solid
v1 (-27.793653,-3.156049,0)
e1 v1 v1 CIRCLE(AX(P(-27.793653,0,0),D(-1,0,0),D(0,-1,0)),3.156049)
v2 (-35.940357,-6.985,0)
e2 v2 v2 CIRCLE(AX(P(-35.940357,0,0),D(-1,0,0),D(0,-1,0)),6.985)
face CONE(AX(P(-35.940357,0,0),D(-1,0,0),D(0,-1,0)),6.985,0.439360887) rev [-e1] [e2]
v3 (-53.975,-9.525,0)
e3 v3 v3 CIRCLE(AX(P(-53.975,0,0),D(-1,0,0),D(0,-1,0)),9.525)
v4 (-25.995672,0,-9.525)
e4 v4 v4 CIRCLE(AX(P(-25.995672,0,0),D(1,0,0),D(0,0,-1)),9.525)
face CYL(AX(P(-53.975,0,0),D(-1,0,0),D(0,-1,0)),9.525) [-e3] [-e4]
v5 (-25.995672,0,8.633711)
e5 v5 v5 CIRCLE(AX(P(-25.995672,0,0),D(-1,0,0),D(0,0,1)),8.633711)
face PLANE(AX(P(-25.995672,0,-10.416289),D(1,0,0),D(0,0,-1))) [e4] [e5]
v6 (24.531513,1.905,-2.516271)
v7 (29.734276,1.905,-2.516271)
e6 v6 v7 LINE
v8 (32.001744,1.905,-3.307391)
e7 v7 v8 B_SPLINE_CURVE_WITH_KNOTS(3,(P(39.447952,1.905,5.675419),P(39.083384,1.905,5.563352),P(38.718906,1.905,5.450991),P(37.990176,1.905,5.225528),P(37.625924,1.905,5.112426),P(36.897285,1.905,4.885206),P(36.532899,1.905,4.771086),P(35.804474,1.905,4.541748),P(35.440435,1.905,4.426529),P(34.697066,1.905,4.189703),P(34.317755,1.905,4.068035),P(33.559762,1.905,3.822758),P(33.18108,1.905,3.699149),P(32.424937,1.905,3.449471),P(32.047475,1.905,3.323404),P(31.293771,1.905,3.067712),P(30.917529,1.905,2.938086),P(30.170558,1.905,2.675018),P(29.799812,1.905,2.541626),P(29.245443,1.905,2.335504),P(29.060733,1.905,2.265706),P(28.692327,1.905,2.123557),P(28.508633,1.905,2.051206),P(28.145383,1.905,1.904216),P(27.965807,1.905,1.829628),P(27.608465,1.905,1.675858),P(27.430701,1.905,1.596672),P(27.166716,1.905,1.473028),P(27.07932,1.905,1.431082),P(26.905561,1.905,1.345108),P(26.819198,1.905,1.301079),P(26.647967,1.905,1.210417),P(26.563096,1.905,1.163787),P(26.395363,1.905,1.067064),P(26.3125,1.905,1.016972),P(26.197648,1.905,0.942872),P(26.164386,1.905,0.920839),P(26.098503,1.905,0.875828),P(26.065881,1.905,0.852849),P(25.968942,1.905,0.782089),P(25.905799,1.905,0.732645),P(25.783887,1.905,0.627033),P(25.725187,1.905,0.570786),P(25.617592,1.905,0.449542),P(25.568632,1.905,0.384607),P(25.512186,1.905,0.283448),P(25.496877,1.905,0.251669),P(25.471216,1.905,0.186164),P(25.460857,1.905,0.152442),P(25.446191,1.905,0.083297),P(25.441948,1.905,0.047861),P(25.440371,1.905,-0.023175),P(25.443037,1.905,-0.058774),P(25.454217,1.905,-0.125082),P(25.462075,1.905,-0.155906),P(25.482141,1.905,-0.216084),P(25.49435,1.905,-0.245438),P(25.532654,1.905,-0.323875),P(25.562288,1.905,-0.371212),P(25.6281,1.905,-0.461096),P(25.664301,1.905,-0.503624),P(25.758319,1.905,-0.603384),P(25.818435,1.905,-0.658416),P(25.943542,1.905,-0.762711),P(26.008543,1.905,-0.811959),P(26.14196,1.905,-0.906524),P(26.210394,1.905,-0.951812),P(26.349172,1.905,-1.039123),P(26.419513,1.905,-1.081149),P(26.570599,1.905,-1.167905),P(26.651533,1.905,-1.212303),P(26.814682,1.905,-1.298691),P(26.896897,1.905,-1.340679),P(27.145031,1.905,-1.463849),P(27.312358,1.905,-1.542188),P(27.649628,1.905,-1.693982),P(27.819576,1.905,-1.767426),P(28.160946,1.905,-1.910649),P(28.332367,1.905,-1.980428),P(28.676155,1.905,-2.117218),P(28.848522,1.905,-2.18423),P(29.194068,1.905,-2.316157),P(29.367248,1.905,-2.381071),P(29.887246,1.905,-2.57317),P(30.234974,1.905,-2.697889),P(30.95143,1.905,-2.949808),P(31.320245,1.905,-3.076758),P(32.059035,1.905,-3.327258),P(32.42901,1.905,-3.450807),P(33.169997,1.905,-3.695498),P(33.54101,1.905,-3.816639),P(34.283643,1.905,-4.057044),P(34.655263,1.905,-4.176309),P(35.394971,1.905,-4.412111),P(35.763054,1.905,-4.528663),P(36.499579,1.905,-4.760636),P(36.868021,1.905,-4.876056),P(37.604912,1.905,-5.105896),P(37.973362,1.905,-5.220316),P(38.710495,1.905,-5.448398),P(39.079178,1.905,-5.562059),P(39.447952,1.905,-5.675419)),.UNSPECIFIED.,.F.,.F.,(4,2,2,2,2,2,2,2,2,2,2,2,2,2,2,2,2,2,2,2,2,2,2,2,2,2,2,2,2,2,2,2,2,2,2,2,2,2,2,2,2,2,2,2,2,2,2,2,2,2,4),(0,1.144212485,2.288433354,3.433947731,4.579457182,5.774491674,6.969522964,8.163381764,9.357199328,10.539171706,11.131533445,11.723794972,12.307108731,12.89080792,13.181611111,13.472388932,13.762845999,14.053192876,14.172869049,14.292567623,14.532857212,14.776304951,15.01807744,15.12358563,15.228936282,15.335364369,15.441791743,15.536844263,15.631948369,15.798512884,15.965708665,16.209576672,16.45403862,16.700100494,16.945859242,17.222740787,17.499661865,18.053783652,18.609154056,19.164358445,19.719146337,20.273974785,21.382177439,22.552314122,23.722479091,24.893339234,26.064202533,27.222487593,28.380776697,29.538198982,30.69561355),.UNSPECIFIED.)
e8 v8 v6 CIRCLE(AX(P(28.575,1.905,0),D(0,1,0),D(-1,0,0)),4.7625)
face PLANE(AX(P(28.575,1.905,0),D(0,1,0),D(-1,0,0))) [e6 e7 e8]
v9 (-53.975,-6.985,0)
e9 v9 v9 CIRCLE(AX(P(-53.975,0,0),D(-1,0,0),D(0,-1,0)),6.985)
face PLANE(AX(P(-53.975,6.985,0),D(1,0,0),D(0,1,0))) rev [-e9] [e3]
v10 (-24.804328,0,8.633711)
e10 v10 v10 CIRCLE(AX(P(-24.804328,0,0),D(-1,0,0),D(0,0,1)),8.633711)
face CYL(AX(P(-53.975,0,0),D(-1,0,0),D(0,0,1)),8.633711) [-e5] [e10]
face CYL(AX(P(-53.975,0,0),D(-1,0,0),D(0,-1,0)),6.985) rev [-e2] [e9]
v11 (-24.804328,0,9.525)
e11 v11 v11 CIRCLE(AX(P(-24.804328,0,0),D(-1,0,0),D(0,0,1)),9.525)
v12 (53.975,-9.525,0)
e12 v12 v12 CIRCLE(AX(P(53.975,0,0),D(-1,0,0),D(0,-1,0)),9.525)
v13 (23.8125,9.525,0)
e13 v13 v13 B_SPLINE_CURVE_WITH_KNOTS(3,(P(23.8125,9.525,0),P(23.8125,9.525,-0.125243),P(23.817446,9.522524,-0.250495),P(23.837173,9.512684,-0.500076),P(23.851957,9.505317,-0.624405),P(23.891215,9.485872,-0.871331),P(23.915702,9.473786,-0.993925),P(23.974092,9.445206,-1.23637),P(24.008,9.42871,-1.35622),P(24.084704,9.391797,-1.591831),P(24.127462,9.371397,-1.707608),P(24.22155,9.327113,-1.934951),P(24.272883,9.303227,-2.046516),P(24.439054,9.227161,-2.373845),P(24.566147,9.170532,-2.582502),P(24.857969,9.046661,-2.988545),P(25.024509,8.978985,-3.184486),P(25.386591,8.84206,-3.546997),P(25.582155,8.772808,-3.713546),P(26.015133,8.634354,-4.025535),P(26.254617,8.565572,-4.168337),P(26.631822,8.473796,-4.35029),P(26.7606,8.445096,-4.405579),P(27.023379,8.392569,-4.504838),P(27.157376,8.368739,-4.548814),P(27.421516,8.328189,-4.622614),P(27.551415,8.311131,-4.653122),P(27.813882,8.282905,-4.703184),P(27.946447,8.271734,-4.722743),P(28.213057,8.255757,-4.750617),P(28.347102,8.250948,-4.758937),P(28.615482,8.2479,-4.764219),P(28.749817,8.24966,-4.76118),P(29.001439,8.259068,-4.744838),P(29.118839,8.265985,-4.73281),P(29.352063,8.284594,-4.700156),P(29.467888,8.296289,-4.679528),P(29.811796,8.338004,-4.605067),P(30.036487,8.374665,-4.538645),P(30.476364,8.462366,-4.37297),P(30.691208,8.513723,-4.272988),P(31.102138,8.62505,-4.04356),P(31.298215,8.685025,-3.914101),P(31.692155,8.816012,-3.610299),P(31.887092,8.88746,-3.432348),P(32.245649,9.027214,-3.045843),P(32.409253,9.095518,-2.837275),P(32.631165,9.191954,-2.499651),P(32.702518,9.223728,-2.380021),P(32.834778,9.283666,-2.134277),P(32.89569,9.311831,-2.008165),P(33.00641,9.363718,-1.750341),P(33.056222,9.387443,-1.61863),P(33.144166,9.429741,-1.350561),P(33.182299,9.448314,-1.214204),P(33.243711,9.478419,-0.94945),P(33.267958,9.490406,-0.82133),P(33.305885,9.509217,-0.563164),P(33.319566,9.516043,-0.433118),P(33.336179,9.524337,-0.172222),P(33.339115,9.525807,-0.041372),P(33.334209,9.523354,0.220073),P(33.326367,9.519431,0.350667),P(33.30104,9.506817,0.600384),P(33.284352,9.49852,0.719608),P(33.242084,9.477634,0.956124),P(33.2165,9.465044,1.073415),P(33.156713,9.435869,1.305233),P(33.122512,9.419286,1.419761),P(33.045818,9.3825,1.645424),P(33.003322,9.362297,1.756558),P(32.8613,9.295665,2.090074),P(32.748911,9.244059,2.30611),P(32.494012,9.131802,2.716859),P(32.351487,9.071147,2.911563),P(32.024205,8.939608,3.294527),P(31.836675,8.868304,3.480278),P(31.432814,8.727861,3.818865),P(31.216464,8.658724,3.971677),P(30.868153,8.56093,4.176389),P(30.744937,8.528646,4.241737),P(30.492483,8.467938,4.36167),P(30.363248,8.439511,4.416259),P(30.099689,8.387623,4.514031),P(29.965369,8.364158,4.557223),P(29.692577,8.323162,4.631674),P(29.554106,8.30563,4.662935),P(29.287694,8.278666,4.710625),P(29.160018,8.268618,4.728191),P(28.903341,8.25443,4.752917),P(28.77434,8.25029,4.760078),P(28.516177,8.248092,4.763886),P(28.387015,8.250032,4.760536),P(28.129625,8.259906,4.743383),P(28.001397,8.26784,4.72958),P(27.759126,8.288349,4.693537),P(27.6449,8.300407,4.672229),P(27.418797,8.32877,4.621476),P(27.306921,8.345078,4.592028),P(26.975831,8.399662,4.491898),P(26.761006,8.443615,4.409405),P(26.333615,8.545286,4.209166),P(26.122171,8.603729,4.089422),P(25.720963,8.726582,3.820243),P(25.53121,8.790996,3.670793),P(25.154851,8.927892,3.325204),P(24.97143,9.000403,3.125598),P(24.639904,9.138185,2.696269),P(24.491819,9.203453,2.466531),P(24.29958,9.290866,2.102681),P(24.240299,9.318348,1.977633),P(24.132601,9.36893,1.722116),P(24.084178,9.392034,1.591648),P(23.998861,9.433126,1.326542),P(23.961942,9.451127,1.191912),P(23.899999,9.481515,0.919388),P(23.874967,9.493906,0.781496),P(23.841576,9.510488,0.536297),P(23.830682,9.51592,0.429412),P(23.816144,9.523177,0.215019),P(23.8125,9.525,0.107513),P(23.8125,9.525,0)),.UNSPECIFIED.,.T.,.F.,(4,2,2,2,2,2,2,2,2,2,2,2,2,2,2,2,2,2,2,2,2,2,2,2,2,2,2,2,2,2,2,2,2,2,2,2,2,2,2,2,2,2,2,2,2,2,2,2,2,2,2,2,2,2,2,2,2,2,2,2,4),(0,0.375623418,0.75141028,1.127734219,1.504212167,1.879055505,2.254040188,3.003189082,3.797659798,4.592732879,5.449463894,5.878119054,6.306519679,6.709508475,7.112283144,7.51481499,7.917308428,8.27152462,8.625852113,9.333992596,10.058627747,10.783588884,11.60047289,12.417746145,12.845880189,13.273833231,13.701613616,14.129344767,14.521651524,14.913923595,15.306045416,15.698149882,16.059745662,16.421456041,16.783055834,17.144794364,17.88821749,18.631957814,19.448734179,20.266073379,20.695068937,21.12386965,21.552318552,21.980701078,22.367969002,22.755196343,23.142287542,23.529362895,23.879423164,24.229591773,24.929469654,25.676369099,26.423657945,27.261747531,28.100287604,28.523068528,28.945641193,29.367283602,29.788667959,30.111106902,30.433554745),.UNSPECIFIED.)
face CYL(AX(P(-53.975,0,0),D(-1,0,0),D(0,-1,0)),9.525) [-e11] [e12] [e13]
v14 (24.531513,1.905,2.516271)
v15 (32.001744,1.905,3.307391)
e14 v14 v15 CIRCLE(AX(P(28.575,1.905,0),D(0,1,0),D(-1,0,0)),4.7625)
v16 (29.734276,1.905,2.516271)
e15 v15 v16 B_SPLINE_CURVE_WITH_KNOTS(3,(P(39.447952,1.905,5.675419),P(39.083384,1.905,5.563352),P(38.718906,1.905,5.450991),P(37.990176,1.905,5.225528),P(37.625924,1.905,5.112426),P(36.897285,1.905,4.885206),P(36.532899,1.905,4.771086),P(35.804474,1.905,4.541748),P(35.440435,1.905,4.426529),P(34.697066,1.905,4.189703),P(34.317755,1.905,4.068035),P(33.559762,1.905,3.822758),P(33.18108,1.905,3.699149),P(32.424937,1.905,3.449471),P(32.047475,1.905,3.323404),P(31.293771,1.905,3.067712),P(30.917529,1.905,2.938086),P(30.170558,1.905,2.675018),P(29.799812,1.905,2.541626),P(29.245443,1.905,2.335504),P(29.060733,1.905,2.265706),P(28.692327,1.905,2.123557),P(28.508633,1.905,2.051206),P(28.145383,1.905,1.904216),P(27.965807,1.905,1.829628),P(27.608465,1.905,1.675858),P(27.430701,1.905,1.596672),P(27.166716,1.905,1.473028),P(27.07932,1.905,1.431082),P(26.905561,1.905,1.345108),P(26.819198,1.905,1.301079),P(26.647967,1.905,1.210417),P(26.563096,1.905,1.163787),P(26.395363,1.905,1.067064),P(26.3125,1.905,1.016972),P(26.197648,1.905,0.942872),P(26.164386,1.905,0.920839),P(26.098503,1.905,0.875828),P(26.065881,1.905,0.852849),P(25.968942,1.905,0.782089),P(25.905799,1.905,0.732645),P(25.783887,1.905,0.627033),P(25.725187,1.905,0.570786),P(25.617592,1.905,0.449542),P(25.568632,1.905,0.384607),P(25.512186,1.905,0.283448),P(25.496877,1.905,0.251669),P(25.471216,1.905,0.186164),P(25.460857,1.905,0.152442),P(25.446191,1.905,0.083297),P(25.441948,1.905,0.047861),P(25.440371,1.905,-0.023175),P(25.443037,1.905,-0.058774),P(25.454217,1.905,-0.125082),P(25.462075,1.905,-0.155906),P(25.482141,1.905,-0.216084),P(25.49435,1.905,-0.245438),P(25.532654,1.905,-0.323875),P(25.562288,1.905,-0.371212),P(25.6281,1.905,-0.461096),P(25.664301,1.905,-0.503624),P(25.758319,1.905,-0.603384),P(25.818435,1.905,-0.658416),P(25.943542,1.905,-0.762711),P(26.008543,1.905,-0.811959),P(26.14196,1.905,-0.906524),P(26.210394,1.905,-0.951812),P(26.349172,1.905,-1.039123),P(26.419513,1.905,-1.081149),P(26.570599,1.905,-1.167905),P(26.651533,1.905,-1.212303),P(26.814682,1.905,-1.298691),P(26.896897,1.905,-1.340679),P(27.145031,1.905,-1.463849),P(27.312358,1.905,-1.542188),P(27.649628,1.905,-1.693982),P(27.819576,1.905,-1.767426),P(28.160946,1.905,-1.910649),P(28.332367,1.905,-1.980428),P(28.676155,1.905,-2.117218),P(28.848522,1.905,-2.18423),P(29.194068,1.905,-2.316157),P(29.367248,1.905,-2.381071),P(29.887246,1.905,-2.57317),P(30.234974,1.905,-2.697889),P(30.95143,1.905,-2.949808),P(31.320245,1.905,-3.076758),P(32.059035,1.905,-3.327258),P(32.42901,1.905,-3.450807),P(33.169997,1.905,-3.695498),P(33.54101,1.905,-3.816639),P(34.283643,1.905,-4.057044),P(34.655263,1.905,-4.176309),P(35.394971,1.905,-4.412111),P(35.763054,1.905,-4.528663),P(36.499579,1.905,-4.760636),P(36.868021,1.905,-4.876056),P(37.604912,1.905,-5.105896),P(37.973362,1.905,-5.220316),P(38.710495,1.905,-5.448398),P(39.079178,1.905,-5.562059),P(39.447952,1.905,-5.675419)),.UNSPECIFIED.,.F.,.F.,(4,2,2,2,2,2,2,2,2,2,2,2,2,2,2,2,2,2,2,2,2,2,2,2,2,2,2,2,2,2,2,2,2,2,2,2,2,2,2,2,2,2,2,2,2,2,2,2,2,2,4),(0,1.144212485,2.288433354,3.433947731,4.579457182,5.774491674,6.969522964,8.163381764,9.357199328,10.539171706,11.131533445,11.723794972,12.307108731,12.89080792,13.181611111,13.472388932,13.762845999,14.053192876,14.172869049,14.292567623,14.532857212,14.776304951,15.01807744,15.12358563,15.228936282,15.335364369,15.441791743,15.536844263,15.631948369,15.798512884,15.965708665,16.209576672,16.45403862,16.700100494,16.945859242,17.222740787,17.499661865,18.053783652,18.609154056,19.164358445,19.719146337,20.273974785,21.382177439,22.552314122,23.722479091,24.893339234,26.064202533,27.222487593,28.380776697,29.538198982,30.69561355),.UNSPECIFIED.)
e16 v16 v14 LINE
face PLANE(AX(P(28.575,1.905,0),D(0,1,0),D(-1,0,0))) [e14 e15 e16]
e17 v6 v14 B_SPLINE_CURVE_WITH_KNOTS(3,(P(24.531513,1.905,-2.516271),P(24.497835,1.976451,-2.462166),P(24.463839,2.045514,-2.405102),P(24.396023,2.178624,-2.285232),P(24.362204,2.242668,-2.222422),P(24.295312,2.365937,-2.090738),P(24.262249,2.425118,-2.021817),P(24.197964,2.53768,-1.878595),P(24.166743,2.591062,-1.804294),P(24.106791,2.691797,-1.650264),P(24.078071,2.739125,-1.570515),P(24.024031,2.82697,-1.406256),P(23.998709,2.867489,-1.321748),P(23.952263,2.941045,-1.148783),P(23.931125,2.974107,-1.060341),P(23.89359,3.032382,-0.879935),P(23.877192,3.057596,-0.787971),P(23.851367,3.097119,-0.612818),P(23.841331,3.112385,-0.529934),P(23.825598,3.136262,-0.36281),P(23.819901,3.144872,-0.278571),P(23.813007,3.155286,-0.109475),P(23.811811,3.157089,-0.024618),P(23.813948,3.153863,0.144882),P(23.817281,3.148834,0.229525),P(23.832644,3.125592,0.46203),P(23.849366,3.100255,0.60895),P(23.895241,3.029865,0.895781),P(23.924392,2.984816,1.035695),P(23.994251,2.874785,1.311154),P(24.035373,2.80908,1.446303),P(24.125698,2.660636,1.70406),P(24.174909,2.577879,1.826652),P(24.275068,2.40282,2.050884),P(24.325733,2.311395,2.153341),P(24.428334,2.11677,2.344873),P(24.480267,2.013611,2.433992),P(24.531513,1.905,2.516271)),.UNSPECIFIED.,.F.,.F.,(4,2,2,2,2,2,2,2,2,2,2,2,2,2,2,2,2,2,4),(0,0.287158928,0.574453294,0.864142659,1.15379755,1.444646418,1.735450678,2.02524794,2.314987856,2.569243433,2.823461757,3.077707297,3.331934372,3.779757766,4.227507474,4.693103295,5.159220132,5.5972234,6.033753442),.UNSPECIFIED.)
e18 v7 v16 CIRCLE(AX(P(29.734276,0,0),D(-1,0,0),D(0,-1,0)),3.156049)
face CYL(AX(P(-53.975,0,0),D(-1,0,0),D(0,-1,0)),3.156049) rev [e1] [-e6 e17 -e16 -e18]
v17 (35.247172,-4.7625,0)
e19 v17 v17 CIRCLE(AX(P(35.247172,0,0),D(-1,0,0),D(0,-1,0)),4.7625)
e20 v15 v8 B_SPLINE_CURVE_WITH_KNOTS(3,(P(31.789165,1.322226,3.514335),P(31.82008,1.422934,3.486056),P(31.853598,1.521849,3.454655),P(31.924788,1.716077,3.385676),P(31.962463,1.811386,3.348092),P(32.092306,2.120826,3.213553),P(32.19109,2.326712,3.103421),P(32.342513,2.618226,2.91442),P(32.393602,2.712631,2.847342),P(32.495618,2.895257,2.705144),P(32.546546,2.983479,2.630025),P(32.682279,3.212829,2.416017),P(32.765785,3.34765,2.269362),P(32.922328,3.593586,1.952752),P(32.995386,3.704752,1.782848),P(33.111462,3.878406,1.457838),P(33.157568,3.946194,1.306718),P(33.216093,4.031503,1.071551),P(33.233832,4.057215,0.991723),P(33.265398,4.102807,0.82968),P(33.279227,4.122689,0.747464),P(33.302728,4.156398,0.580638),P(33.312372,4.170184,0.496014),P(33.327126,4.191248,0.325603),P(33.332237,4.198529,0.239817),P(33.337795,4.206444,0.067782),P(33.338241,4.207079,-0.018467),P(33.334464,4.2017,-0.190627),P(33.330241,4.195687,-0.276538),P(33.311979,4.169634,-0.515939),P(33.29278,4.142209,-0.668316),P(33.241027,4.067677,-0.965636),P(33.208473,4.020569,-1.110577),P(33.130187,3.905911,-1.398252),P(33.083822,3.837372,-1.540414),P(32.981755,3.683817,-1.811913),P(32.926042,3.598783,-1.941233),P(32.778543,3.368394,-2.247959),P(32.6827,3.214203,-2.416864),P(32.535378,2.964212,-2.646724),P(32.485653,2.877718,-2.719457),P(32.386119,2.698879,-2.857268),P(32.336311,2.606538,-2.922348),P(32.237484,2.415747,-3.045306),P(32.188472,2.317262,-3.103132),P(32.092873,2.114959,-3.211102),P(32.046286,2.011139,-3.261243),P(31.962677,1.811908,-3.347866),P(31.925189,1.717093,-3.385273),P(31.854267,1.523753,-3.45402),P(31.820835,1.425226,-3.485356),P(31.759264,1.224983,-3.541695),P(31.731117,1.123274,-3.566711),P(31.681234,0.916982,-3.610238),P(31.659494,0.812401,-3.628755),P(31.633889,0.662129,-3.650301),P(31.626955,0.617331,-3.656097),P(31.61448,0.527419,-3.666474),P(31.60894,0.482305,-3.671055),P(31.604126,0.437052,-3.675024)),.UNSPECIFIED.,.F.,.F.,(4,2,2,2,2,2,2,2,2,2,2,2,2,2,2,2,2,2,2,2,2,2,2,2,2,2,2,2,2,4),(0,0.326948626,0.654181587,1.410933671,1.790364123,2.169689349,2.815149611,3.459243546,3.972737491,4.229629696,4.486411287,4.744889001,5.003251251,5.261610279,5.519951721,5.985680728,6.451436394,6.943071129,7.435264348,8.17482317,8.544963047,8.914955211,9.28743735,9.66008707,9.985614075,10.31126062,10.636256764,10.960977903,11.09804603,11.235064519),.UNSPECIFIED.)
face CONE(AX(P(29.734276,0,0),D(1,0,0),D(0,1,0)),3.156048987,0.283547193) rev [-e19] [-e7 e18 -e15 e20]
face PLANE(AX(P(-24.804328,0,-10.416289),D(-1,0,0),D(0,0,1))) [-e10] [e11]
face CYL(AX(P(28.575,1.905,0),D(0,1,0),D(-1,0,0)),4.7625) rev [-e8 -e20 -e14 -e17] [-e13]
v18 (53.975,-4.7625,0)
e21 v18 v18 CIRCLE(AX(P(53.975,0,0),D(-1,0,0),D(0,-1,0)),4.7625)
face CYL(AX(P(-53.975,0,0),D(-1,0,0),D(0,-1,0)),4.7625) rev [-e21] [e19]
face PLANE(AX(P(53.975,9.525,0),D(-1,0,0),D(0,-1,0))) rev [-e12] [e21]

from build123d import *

# Parameters (mm, degrees)
SKETCH2_R          = 4.7625
CUT_EXTRUDE1_DEPTH = 7.62
SKETCH3_W          = 1.1913435
SKETCH3_H          = 1.782578162


with BuildPart() as part:
    # Sketch1 → Revolve1 (revolve)
    with BuildSketch(Plane.XY):
        Polygon((53.975, 9.525), (-53.975, 9.525), (-53.975, 6.985), (-35.940357238, 6.985), (-27.793652955, 3.156048987), (29.734276459, 3.156048987), (35.24717222, 4.7625), (53.975, 4.7625), align=None)
    revolve(axis=Axis((-53.975, 0, 0), (1, 0, 0)))

    # Sketch2 → Cut-Extrude1 (cut)
    with BuildSketch(Plane(origin=(0, 9.525, 0), x_dir=(1, 0, 0), z_dir=(0, 1, 0))):
        with Locations((28.575, 0)):
            Circle(SKETCH2_R)
    extrude(amount=-CUT_EXTRUDE1_DEPTH, mode=Mode.SUBTRACT)

    # Sketch3 → Cut-Revolve1 (revolve, cut)
    with BuildSketch(Plane(origin=(0, 0, 0), x_dir=(1, 0, 0), z_dir=(0, 1, 0))):
        with Locations((-25.4, 9.525)):
            Rectangle(SKETCH3_W, SKETCH3_H)
    revolve(axis=Axis((-53.975, 0, 0), (1, 0, 0)), mode=Mode.SUBTRACT)


solid = part.part
